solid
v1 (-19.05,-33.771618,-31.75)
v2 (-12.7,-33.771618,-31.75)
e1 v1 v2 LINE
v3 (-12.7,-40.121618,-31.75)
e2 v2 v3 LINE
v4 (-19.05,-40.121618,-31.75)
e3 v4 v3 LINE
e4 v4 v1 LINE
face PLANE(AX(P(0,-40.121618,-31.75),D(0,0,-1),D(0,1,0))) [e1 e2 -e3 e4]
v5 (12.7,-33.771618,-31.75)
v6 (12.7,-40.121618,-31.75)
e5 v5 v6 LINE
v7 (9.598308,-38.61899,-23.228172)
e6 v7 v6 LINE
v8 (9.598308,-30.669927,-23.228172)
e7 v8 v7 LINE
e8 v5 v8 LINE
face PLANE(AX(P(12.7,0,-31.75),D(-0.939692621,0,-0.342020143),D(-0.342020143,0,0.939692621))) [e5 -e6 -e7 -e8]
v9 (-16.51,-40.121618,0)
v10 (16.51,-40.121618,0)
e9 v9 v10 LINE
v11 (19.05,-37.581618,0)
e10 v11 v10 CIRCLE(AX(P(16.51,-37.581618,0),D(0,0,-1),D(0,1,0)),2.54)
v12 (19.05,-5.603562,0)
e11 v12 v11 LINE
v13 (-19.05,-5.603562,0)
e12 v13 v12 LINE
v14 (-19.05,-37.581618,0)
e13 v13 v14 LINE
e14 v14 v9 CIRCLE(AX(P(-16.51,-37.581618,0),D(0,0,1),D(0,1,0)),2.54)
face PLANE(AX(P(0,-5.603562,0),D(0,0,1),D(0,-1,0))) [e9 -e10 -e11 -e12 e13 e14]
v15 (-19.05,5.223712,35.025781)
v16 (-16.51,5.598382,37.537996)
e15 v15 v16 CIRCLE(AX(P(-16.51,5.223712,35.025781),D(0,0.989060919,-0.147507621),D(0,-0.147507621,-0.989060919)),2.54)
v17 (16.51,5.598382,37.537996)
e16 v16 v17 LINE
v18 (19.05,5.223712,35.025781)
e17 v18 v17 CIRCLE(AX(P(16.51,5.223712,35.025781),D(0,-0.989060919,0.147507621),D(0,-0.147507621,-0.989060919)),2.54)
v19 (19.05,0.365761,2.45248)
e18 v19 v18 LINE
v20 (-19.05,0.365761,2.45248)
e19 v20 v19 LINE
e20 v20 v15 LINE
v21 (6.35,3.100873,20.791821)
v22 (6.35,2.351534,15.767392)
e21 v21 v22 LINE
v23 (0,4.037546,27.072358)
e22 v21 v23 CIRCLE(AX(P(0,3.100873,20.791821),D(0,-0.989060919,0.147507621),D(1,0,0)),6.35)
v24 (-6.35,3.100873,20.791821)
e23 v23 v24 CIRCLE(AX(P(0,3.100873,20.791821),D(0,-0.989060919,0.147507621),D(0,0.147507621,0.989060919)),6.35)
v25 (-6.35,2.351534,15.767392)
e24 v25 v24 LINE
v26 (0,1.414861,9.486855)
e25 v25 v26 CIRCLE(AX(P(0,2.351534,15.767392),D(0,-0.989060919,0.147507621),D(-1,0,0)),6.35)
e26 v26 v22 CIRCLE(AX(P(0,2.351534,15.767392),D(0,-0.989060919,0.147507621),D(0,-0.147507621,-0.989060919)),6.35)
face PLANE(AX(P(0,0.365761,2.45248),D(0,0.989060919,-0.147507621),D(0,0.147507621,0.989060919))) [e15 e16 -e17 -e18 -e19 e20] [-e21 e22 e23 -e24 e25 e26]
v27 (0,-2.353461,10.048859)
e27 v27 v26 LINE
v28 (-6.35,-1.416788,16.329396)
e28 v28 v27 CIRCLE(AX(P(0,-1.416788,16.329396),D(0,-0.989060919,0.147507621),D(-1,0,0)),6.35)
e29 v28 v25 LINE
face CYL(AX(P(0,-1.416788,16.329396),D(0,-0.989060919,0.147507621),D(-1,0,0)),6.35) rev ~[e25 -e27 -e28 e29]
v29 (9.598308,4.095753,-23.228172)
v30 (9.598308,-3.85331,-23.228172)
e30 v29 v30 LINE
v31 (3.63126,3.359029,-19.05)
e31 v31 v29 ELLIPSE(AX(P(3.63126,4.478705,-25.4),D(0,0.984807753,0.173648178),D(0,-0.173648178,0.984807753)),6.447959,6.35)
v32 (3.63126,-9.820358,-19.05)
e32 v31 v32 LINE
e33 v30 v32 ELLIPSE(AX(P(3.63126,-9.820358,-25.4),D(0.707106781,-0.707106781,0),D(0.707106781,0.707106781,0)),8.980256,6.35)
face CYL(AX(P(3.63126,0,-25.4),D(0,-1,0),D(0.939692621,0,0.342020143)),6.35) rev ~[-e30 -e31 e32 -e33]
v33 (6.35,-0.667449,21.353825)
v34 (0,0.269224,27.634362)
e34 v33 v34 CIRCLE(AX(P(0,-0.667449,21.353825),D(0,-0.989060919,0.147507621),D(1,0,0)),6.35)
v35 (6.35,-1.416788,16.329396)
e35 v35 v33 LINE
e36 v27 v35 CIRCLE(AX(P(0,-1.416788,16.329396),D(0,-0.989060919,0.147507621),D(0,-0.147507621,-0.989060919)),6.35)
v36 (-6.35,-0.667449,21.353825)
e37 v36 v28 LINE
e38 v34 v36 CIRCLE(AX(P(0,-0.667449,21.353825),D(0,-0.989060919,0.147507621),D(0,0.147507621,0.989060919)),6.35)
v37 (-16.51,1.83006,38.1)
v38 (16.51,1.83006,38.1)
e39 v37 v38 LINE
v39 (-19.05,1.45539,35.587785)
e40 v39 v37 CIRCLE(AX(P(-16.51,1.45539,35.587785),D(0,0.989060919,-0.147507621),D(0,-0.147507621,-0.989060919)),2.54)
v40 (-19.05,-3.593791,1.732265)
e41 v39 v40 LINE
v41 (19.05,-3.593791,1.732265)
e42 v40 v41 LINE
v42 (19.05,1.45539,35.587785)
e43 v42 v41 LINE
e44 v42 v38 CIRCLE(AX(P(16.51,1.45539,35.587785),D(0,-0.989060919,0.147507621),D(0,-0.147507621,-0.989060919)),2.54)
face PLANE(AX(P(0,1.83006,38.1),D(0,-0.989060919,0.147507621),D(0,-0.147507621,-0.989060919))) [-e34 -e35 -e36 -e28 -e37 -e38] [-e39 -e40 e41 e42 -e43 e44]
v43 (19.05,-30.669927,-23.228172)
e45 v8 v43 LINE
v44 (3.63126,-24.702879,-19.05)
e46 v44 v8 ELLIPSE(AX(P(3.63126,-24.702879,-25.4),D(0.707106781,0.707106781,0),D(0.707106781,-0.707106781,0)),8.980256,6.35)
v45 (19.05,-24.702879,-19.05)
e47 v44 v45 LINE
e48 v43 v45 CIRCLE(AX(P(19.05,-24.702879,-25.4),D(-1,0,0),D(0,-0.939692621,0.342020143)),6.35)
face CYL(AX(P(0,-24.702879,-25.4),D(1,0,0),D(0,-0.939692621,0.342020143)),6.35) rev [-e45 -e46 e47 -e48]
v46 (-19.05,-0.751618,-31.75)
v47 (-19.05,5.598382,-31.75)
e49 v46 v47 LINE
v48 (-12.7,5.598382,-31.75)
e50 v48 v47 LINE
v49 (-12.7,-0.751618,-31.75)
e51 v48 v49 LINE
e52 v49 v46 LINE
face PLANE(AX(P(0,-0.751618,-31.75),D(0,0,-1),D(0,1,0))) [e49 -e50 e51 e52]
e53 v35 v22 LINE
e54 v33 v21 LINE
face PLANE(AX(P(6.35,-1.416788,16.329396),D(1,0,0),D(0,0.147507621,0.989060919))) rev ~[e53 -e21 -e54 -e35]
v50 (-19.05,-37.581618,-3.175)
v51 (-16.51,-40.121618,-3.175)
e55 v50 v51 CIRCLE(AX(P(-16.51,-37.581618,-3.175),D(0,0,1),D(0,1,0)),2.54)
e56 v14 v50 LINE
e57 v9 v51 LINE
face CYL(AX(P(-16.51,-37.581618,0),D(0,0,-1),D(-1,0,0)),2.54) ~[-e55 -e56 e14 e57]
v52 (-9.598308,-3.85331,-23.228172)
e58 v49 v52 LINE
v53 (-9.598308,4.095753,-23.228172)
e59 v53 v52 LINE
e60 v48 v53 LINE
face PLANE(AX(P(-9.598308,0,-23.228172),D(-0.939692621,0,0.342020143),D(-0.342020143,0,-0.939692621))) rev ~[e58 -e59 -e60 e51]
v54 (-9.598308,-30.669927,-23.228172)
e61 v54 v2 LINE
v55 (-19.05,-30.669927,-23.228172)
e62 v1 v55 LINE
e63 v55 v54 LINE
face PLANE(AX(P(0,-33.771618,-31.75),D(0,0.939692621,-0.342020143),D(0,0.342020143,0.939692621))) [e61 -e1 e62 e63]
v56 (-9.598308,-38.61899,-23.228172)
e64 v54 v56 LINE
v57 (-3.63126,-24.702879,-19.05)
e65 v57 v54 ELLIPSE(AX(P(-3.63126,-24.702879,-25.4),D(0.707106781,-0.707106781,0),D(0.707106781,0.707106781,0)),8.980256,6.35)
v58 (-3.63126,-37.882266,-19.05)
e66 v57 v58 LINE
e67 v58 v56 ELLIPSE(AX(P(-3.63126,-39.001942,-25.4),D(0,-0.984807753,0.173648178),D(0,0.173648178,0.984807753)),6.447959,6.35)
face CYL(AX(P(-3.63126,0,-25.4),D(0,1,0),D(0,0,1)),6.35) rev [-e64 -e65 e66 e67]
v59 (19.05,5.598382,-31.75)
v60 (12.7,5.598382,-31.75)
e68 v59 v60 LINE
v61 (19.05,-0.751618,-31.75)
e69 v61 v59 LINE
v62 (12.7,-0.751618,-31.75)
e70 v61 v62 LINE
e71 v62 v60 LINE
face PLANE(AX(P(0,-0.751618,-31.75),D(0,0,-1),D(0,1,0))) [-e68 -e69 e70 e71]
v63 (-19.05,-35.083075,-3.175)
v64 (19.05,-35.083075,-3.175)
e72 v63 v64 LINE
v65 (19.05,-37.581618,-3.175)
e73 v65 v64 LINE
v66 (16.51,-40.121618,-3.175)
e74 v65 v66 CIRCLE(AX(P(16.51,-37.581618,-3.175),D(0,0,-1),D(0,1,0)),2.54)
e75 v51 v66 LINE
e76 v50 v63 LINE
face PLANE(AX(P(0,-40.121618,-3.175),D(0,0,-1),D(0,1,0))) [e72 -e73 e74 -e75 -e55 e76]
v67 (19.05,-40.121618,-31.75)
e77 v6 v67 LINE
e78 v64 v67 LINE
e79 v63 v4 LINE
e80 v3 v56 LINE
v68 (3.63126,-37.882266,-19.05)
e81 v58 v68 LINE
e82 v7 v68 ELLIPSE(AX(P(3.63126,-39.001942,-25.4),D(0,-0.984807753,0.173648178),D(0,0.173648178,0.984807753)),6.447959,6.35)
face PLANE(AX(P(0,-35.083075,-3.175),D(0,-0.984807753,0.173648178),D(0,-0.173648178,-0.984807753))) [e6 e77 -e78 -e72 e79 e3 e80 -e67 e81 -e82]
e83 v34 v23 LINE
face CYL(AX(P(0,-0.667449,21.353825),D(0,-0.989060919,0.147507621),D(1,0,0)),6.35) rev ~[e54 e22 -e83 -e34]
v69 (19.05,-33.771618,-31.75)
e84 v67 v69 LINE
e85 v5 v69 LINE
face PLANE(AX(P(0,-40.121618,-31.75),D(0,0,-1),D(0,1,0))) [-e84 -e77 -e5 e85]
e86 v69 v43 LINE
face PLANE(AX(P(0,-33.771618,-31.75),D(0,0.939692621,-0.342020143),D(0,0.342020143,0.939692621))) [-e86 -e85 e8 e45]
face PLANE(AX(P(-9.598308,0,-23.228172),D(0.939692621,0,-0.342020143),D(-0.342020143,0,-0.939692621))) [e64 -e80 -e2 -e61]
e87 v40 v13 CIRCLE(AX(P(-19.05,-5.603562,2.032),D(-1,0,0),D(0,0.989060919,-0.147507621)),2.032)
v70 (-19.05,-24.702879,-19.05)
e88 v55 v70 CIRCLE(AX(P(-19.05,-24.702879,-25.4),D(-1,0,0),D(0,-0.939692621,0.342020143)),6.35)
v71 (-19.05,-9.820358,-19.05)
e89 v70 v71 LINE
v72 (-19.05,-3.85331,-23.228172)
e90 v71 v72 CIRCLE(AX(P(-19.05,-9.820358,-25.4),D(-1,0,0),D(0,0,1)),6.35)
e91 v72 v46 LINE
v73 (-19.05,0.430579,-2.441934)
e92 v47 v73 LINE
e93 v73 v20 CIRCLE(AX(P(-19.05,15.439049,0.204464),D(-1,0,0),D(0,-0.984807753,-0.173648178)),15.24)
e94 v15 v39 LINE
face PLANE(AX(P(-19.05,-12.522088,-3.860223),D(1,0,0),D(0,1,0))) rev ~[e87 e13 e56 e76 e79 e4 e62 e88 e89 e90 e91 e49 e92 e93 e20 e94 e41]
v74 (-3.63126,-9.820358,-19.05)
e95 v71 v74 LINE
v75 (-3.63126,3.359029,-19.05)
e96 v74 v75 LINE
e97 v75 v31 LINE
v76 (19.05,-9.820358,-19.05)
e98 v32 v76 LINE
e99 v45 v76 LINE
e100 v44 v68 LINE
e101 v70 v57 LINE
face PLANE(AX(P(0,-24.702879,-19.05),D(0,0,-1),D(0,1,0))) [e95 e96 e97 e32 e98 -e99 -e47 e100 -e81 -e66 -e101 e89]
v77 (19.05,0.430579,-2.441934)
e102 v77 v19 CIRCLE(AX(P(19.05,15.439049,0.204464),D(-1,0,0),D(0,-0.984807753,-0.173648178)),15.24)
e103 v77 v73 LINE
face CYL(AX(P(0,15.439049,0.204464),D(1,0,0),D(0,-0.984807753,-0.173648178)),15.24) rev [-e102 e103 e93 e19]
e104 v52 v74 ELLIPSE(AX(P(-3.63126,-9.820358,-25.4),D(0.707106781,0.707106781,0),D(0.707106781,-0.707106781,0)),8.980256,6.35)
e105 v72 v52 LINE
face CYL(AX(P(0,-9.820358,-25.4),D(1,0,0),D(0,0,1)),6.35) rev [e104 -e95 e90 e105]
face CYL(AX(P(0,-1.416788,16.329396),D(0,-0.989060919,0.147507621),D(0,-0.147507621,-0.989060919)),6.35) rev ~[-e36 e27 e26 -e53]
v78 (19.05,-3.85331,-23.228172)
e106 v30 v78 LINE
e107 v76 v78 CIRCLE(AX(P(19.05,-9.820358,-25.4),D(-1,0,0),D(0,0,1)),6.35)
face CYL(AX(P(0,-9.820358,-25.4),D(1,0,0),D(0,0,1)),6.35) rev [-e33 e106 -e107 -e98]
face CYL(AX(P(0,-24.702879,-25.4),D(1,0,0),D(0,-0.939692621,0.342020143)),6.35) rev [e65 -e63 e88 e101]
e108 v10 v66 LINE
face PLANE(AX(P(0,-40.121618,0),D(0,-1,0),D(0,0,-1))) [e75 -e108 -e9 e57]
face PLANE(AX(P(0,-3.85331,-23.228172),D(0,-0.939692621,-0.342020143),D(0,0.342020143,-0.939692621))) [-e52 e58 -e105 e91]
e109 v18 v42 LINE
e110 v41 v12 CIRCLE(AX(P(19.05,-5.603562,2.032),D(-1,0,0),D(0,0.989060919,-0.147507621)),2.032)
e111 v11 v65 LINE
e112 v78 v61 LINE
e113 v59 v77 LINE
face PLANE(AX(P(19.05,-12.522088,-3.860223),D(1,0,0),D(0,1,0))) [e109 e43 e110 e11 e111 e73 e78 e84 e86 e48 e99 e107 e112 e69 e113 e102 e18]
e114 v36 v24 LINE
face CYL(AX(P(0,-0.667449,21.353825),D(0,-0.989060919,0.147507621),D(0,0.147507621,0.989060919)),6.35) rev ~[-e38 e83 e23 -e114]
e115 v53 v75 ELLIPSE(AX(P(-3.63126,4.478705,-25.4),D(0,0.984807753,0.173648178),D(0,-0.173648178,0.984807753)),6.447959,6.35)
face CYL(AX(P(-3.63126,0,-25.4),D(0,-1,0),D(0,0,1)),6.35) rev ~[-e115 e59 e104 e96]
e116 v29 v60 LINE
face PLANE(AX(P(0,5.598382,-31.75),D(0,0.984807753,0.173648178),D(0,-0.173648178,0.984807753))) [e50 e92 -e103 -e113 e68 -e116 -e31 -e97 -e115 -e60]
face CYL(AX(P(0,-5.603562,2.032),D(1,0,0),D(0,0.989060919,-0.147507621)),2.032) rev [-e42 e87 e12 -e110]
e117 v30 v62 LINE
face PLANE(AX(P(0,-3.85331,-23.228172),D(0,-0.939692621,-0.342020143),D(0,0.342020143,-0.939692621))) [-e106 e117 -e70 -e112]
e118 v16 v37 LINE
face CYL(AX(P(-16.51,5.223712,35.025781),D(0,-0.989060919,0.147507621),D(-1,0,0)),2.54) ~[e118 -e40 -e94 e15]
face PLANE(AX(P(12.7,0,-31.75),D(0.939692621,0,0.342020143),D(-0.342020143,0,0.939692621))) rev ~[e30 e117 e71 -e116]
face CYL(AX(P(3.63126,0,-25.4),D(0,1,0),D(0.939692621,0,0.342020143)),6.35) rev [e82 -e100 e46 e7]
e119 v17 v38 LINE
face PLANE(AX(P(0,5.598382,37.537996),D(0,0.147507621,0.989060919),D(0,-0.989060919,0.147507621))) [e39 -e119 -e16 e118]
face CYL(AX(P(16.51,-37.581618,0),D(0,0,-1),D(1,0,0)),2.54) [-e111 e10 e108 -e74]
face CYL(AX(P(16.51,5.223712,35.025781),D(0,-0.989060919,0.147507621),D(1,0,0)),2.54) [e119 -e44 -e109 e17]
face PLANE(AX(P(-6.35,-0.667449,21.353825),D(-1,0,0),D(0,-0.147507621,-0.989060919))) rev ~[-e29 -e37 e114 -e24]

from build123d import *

# Parameters (mm, degrees)
F1_DEPTH      = 19.05
F3_DEPTH      = 5.5993816375
F3_DEPTH_BACK = 40.1226183625
F5_DEPTH      = 14.0315074599
F6_R          = 2.54


with BuildPart() as f1:
    # F0 (on Right) → F1 (new body, symmetric)
    with BuildSketch(Plane.YZ):
        with BuildLine():
            ThreePointArc((0.4305788672, -2.4419341014), (0.2003852832, 0.0026537646), (0.365760616, 2.4524802728))
            Line((0.365760616, 2.4524802728), (5.5983816375, 37.5379959634))
            Line((5.5983816375, 37.5379959634), (1.8300595357, 38.1))
            Line((1.8300595357, 38.1), (-3.5937905479, 1.7322645138))
            ThreePointArc((-3.5937905479, 1.7322645138), (-4.276919676, 0.4928303362), (-5.6035623355, 0))
            Line((-5.6035623355, 0), (-40.1216183625, 0))
            Line((-40.1216183625, 0), (-40.1216183625, -3.175))
            Line((-40.1216183625, -3.175), (-35.0830748888, -3.175))
            Line((-35.0830748888, -3.175), (-40.1216183625, -31.75))
            Line((-40.1216183625, -31.75), (-33.7716183625, -31.75))
            Line((-33.7716183625, -31.75), (-30.6699266617, -23.2281720899))
            ThreePointArc((-30.6699266617, -23.2281720899), (-28.3450888905, -20.1983845188), (-24.7028785197, -19.05))
            Line((-24.7028785197, -19.05), (-9.8203582053, -19.05))
            ThreePointArc((-9.8203582053, -19.05), (-6.1781478345, -20.1983845188), (-3.8533100633, -23.2281720899))
            Line((-3.8533100633, -23.2281720899), (-0.7516183625, -31.75))
            Line((-0.7516183625, -31.75), (5.5983816375, -31.75))
            Line((5.5983816375, -31.75), (0.4305788672, -2.4419341014))
        make_face()
    extrude(amount=F1_DEPTH, both=True)

    # F2 (on Front) → F3 (cut, two sides)
    with BuildSketch(Plane.XZ) as f3_sk:
        with BuildLine():
            Line((-9.5983082992, -23.2281720899), (-12.7, -31.75))
            Line((-12.7, -31.75), (0, -31.75))
            Line((0, -31.75), (12.7, -31.75))
            Line((12.7, -31.75), (9.5983082992, -23.2281720899))
            ThreePointArc((9.5983082992, -23.2281720899), (7.273470528, -20.1983845188), (3.6312601572, -19.05))
            Line((3.6312601572, -19.05), (0, -19.05))
            Line((0, -19.05), (-3.6312601572, -19.05))
            ThreePointArc((-3.6312601572, -19.05), (-7.273470528, -20.1983845188), (-9.5983082992, -23.2281720899))
        make_face()
    extrude(amount=-F3_DEPTH, mode=Mode.SUBTRACT)
    extrude(f3_sk.sketch, amount=F3_DEPTH_BACK, mode=Mode.SUBTRACT)

    # F4 (on face) → F5 (cut, through all)
    with BuildSketch(Plane(origin=(0, -3.7683221018, 0.5620040366), x_dir=(1, 0, 0), z_dir=(0, -0.9890609191, 0.1475076212))):
        with BuildLine():
            ThreePointArc((0, 27.3717801606), (-4.4901280605, 25.5119082211), (-6.35, 21.0217801606))
            Line((-6.35, 21.0217801606), (-6.35, 15.9417801606))
            ThreePointArc((-6.35, 15.9417801606), (-4.4901280605, 11.4516521), (0, 9.5917801606))
            ThreePointArc((0, 9.5917801606), (4.4901280605, 11.4516521), (6.35, 15.9417801606))
            Line((6.35, 15.9417801606), (6.35, 21.0217801606))
            ThreePointArc((6.35, 21.0217801606), (4.4901280605, 25.5119082211), (0, 27.3717801606))
        make_face()
    extrude(amount=-F5_DEPTH, mode=Mode.SUBTRACT)

    # F6
    f6_edges = [f1.edges().sort_by_distance(p)[0] for p in [
        (19.05, 3.714221, 37.818998),
        (-19.05, 3.714221, 37.818998),
        (-19.05, -40.121618, -1.5875),
        (19.05, -40.121618, -1.5875),
    ]]
    fillet(f6_edges, radius=F6_R)


solid = f1.part
